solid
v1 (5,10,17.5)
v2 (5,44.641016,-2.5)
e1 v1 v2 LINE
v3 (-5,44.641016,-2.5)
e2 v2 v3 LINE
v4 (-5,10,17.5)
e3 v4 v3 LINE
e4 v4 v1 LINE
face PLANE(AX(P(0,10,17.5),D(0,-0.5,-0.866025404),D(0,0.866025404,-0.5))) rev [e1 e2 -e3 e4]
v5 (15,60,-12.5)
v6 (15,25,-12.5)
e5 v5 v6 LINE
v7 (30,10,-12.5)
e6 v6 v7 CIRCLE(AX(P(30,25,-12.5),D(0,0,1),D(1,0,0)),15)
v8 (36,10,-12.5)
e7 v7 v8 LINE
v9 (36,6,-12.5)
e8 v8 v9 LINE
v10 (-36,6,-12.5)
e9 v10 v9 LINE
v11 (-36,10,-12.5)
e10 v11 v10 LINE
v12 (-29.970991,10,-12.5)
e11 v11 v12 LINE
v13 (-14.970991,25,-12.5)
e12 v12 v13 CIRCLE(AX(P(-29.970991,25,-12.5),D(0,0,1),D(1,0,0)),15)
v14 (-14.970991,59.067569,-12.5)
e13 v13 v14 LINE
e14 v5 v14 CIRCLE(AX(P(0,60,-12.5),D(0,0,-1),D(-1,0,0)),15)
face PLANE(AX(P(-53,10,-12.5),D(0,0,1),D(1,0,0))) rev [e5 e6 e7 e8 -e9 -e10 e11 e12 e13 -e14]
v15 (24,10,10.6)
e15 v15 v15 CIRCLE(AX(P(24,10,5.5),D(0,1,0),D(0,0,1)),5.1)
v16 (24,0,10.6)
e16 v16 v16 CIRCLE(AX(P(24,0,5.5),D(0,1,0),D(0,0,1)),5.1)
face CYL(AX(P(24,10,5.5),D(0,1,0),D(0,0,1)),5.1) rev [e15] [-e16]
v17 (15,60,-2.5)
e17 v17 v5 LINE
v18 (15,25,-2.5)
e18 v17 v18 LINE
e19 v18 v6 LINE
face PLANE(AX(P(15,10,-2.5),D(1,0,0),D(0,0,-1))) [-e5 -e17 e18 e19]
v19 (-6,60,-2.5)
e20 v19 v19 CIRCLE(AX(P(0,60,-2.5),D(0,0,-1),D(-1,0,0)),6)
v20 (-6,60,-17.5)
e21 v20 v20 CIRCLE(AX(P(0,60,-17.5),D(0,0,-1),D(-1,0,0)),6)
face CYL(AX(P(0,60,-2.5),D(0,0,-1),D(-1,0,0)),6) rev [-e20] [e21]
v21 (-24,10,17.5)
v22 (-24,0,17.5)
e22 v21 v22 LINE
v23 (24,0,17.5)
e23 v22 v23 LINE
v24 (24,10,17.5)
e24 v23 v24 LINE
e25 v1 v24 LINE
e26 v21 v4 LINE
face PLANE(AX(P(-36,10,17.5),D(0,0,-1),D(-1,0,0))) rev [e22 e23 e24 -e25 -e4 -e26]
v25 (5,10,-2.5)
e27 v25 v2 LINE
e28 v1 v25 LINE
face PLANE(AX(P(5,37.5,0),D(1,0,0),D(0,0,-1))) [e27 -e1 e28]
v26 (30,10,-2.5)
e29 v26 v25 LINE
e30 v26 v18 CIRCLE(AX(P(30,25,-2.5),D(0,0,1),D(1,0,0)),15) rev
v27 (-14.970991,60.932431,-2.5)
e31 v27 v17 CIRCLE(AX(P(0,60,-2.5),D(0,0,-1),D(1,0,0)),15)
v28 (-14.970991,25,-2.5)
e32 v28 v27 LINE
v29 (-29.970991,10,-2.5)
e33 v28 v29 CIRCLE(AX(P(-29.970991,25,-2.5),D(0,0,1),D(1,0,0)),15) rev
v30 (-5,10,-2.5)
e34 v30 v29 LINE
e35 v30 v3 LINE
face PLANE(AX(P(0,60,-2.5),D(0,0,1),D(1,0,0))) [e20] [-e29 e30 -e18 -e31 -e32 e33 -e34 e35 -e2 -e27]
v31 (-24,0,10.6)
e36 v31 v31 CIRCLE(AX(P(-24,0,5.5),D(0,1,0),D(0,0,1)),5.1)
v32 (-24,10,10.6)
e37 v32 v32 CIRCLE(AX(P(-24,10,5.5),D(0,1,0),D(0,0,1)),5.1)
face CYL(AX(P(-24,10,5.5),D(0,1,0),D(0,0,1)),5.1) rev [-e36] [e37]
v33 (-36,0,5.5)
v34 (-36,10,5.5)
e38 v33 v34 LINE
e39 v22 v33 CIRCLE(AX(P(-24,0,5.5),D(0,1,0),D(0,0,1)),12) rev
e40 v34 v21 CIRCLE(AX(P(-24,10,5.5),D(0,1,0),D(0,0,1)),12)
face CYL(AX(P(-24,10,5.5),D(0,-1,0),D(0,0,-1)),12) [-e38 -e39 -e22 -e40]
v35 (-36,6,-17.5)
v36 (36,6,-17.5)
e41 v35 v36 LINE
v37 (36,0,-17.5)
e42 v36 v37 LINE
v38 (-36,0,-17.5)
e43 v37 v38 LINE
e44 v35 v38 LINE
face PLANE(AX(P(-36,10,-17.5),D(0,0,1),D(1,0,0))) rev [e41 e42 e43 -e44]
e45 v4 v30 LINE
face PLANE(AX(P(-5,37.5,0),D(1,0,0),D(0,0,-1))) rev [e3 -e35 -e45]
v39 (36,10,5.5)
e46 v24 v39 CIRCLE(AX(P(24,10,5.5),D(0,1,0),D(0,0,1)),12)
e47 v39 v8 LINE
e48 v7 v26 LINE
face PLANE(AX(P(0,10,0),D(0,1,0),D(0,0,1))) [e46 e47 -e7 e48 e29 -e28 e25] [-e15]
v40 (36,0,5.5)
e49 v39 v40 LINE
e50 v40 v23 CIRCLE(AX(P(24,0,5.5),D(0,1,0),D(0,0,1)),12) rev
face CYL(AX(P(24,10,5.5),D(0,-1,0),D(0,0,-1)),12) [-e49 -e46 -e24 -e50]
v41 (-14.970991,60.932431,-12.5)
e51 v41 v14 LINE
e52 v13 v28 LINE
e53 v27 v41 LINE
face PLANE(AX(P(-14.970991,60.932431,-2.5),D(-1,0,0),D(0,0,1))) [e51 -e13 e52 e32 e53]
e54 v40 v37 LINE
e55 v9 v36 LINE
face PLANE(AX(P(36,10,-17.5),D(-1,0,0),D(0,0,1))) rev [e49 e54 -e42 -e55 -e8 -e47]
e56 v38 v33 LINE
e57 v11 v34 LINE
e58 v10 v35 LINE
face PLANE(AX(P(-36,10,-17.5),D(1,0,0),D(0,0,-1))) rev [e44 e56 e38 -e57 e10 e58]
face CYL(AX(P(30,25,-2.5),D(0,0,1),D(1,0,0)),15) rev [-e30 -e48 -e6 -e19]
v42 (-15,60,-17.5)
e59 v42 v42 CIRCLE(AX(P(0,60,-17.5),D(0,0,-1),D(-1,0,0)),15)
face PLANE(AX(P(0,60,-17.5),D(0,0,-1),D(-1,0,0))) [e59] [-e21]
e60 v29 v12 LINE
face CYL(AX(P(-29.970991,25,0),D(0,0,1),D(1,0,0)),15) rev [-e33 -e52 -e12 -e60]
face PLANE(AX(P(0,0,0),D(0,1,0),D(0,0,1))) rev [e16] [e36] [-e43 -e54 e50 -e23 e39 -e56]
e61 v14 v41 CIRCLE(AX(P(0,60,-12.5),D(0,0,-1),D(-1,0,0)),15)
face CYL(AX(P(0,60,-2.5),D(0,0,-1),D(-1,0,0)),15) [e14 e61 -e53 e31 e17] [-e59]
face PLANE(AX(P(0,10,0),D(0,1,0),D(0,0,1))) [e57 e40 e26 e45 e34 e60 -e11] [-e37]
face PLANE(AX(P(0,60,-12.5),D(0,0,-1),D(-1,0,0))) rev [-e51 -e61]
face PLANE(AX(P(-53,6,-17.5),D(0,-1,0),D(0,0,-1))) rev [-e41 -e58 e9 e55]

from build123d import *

# Parameters (mm, degrees)
SKETCH1_W           = 72
SKETCH1_H           = 35
BOSS_EXTRUDE1_DEPTH = 10
FILLET1_R           = 12
SKETCH3_W           = 5
SKETCH3_H           = 4
CUT_EXTRUDE1_DEPTH  = 89
SKETCH6_R           = 6
BOSS_EXTRUDE2_DEPTH = 10
FILLET2_R           = 15
M12_TAPPED_HOLE1_D  = 10.2
SKETCH11_R          = 15
BOSS_EXTRUDE5_DEPTH = 5
SKETCH18_R          = 6
CUT_EXTRUDE2_DEPTH  = 91.255193756
RIB1_REACH          = 87.013
SKETCH19_WALL_W     = 212.026468528
SKETCH19_WALL_H     = 10


with BuildPart() as part:
    # Sketch1 → Boss-Extrude1 (new body)
    with BuildSketch(Plane(origin=(0, 0, 0), x_dir=(1, 0, 0), z_dir=(0, 1, 0))):
        Rectangle(SKETCH1_W, SKETCH1_H)
    extrude(amount=BOSS_EXTRUDE1_DEPTH)

    # Fillet1
    fillet1_edges = [part.edges().sort_by_distance(p)[0] for p in [
        (36, 5, 17.5),
        (-36, 5, 17.5),
    ]]
    fillet(fillet1_edges, radius=FILLET1_R)

    # Sketch3 → Cut-Extrude1 (cut)
    with BuildSketch(Plane(origin=(36, 0, 0), x_dir=(0, 0, -1), z_dir=(1, 0, 0))):
        with Locations((15, 8)):
            Rectangle(SKETCH3_W, SKETCH3_H)
    extrude(amount=-CUT_EXTRUDE1_DEPTH, mode=Mode.SUBTRACT)

    # Sketch6 → Boss-Extrude2 (add)
    with BuildSketch(Plane(origin=(0, 0, -12.5), x_dir=(-1, 0, 0), z_dir=(0, 0, -1))):
        with BuildLine():
            Line((14.970991041, 10), (-15, 10))
            Line((-15, 10), (-15, 60))
            ThreePointArc((-15, 60), (-0.466440987, 74.992746006), (14.970991041, 60.932430832))
            Line((14.970991041, 60.932430832), (14.970991041, 10))
        make_face()
        with Locations((0, 60)):
            Circle(SKETCH6_R, mode=Mode.SUBTRACT)
    extrude(amount=-BOSS_EXTRUDE2_DEPTH)

    # Fillet2
    fillet2_edges = [part.edges().sort_by_distance(p)[0] for p in [
        (-14.970991041, 10, -7.5),
        (15, 10, -7.5),
    ]]
    fillet(fillet2_edges, radius=FILLET2_R)

    # M12 Tapped Hole1 (through all)
    with Locations(Plane(origin=(0, 10, 0), x_dir=(1, 0, 0), z_dir=(0, 1, 0))):
        with Locations((24, -5.5), (-24, -5.5)):
            Hole(M12_TAPPED_HOLE1_D / 2)

    # Sketch11 → Boss-Extrude5 (add)
    with BuildSketch(Plane(origin=(0, 0, -12.5), x_dir=(-1, 0, 0), z_dir=(0, 0, -1))):
        with Locations((0, 60)):
            Circle(SKETCH11_R)
    extrude(amount=BOSS_EXTRUDE5_DEPTH)

    # Sketch18 → Cut-Extrude2 (cut, through all)
    with BuildSketch(Plane(origin=(0, 0, -17.5), x_dir=(-1, 0, 0), z_dir=(0, 0, -1))):
        with Locations((0, 60)):
            Circle(SKETCH18_R)
    extrude(amount=-CUT_EXTRUDE2_DEPTH, mode=Mode.SUBTRACT)

    # Sketch19 wall → Rib1 (add, up to next)
    with BuildSketch(Plane(origin=(0, 27.320508076, 7.5), x_dir=(0, 0.866025403782, -0.500000000004), z_dir=(0, 0.500000000004, 0.866025403782)), mode=Mode.PRIVATE) as rib1_sk1:
        Rectangle(SKETCH19_WALL_W, SKETCH19_WALL_H)
    rib1_tool1 = extrude(rib1_sk1.sketch, amount=-RIB1_REACH, mode=Mode.PRIVATE) - part.part
    add(rib1_tool1.solids().sort_by_distance((0, 27.320508076, 7.5))[0])


solid = part.part
